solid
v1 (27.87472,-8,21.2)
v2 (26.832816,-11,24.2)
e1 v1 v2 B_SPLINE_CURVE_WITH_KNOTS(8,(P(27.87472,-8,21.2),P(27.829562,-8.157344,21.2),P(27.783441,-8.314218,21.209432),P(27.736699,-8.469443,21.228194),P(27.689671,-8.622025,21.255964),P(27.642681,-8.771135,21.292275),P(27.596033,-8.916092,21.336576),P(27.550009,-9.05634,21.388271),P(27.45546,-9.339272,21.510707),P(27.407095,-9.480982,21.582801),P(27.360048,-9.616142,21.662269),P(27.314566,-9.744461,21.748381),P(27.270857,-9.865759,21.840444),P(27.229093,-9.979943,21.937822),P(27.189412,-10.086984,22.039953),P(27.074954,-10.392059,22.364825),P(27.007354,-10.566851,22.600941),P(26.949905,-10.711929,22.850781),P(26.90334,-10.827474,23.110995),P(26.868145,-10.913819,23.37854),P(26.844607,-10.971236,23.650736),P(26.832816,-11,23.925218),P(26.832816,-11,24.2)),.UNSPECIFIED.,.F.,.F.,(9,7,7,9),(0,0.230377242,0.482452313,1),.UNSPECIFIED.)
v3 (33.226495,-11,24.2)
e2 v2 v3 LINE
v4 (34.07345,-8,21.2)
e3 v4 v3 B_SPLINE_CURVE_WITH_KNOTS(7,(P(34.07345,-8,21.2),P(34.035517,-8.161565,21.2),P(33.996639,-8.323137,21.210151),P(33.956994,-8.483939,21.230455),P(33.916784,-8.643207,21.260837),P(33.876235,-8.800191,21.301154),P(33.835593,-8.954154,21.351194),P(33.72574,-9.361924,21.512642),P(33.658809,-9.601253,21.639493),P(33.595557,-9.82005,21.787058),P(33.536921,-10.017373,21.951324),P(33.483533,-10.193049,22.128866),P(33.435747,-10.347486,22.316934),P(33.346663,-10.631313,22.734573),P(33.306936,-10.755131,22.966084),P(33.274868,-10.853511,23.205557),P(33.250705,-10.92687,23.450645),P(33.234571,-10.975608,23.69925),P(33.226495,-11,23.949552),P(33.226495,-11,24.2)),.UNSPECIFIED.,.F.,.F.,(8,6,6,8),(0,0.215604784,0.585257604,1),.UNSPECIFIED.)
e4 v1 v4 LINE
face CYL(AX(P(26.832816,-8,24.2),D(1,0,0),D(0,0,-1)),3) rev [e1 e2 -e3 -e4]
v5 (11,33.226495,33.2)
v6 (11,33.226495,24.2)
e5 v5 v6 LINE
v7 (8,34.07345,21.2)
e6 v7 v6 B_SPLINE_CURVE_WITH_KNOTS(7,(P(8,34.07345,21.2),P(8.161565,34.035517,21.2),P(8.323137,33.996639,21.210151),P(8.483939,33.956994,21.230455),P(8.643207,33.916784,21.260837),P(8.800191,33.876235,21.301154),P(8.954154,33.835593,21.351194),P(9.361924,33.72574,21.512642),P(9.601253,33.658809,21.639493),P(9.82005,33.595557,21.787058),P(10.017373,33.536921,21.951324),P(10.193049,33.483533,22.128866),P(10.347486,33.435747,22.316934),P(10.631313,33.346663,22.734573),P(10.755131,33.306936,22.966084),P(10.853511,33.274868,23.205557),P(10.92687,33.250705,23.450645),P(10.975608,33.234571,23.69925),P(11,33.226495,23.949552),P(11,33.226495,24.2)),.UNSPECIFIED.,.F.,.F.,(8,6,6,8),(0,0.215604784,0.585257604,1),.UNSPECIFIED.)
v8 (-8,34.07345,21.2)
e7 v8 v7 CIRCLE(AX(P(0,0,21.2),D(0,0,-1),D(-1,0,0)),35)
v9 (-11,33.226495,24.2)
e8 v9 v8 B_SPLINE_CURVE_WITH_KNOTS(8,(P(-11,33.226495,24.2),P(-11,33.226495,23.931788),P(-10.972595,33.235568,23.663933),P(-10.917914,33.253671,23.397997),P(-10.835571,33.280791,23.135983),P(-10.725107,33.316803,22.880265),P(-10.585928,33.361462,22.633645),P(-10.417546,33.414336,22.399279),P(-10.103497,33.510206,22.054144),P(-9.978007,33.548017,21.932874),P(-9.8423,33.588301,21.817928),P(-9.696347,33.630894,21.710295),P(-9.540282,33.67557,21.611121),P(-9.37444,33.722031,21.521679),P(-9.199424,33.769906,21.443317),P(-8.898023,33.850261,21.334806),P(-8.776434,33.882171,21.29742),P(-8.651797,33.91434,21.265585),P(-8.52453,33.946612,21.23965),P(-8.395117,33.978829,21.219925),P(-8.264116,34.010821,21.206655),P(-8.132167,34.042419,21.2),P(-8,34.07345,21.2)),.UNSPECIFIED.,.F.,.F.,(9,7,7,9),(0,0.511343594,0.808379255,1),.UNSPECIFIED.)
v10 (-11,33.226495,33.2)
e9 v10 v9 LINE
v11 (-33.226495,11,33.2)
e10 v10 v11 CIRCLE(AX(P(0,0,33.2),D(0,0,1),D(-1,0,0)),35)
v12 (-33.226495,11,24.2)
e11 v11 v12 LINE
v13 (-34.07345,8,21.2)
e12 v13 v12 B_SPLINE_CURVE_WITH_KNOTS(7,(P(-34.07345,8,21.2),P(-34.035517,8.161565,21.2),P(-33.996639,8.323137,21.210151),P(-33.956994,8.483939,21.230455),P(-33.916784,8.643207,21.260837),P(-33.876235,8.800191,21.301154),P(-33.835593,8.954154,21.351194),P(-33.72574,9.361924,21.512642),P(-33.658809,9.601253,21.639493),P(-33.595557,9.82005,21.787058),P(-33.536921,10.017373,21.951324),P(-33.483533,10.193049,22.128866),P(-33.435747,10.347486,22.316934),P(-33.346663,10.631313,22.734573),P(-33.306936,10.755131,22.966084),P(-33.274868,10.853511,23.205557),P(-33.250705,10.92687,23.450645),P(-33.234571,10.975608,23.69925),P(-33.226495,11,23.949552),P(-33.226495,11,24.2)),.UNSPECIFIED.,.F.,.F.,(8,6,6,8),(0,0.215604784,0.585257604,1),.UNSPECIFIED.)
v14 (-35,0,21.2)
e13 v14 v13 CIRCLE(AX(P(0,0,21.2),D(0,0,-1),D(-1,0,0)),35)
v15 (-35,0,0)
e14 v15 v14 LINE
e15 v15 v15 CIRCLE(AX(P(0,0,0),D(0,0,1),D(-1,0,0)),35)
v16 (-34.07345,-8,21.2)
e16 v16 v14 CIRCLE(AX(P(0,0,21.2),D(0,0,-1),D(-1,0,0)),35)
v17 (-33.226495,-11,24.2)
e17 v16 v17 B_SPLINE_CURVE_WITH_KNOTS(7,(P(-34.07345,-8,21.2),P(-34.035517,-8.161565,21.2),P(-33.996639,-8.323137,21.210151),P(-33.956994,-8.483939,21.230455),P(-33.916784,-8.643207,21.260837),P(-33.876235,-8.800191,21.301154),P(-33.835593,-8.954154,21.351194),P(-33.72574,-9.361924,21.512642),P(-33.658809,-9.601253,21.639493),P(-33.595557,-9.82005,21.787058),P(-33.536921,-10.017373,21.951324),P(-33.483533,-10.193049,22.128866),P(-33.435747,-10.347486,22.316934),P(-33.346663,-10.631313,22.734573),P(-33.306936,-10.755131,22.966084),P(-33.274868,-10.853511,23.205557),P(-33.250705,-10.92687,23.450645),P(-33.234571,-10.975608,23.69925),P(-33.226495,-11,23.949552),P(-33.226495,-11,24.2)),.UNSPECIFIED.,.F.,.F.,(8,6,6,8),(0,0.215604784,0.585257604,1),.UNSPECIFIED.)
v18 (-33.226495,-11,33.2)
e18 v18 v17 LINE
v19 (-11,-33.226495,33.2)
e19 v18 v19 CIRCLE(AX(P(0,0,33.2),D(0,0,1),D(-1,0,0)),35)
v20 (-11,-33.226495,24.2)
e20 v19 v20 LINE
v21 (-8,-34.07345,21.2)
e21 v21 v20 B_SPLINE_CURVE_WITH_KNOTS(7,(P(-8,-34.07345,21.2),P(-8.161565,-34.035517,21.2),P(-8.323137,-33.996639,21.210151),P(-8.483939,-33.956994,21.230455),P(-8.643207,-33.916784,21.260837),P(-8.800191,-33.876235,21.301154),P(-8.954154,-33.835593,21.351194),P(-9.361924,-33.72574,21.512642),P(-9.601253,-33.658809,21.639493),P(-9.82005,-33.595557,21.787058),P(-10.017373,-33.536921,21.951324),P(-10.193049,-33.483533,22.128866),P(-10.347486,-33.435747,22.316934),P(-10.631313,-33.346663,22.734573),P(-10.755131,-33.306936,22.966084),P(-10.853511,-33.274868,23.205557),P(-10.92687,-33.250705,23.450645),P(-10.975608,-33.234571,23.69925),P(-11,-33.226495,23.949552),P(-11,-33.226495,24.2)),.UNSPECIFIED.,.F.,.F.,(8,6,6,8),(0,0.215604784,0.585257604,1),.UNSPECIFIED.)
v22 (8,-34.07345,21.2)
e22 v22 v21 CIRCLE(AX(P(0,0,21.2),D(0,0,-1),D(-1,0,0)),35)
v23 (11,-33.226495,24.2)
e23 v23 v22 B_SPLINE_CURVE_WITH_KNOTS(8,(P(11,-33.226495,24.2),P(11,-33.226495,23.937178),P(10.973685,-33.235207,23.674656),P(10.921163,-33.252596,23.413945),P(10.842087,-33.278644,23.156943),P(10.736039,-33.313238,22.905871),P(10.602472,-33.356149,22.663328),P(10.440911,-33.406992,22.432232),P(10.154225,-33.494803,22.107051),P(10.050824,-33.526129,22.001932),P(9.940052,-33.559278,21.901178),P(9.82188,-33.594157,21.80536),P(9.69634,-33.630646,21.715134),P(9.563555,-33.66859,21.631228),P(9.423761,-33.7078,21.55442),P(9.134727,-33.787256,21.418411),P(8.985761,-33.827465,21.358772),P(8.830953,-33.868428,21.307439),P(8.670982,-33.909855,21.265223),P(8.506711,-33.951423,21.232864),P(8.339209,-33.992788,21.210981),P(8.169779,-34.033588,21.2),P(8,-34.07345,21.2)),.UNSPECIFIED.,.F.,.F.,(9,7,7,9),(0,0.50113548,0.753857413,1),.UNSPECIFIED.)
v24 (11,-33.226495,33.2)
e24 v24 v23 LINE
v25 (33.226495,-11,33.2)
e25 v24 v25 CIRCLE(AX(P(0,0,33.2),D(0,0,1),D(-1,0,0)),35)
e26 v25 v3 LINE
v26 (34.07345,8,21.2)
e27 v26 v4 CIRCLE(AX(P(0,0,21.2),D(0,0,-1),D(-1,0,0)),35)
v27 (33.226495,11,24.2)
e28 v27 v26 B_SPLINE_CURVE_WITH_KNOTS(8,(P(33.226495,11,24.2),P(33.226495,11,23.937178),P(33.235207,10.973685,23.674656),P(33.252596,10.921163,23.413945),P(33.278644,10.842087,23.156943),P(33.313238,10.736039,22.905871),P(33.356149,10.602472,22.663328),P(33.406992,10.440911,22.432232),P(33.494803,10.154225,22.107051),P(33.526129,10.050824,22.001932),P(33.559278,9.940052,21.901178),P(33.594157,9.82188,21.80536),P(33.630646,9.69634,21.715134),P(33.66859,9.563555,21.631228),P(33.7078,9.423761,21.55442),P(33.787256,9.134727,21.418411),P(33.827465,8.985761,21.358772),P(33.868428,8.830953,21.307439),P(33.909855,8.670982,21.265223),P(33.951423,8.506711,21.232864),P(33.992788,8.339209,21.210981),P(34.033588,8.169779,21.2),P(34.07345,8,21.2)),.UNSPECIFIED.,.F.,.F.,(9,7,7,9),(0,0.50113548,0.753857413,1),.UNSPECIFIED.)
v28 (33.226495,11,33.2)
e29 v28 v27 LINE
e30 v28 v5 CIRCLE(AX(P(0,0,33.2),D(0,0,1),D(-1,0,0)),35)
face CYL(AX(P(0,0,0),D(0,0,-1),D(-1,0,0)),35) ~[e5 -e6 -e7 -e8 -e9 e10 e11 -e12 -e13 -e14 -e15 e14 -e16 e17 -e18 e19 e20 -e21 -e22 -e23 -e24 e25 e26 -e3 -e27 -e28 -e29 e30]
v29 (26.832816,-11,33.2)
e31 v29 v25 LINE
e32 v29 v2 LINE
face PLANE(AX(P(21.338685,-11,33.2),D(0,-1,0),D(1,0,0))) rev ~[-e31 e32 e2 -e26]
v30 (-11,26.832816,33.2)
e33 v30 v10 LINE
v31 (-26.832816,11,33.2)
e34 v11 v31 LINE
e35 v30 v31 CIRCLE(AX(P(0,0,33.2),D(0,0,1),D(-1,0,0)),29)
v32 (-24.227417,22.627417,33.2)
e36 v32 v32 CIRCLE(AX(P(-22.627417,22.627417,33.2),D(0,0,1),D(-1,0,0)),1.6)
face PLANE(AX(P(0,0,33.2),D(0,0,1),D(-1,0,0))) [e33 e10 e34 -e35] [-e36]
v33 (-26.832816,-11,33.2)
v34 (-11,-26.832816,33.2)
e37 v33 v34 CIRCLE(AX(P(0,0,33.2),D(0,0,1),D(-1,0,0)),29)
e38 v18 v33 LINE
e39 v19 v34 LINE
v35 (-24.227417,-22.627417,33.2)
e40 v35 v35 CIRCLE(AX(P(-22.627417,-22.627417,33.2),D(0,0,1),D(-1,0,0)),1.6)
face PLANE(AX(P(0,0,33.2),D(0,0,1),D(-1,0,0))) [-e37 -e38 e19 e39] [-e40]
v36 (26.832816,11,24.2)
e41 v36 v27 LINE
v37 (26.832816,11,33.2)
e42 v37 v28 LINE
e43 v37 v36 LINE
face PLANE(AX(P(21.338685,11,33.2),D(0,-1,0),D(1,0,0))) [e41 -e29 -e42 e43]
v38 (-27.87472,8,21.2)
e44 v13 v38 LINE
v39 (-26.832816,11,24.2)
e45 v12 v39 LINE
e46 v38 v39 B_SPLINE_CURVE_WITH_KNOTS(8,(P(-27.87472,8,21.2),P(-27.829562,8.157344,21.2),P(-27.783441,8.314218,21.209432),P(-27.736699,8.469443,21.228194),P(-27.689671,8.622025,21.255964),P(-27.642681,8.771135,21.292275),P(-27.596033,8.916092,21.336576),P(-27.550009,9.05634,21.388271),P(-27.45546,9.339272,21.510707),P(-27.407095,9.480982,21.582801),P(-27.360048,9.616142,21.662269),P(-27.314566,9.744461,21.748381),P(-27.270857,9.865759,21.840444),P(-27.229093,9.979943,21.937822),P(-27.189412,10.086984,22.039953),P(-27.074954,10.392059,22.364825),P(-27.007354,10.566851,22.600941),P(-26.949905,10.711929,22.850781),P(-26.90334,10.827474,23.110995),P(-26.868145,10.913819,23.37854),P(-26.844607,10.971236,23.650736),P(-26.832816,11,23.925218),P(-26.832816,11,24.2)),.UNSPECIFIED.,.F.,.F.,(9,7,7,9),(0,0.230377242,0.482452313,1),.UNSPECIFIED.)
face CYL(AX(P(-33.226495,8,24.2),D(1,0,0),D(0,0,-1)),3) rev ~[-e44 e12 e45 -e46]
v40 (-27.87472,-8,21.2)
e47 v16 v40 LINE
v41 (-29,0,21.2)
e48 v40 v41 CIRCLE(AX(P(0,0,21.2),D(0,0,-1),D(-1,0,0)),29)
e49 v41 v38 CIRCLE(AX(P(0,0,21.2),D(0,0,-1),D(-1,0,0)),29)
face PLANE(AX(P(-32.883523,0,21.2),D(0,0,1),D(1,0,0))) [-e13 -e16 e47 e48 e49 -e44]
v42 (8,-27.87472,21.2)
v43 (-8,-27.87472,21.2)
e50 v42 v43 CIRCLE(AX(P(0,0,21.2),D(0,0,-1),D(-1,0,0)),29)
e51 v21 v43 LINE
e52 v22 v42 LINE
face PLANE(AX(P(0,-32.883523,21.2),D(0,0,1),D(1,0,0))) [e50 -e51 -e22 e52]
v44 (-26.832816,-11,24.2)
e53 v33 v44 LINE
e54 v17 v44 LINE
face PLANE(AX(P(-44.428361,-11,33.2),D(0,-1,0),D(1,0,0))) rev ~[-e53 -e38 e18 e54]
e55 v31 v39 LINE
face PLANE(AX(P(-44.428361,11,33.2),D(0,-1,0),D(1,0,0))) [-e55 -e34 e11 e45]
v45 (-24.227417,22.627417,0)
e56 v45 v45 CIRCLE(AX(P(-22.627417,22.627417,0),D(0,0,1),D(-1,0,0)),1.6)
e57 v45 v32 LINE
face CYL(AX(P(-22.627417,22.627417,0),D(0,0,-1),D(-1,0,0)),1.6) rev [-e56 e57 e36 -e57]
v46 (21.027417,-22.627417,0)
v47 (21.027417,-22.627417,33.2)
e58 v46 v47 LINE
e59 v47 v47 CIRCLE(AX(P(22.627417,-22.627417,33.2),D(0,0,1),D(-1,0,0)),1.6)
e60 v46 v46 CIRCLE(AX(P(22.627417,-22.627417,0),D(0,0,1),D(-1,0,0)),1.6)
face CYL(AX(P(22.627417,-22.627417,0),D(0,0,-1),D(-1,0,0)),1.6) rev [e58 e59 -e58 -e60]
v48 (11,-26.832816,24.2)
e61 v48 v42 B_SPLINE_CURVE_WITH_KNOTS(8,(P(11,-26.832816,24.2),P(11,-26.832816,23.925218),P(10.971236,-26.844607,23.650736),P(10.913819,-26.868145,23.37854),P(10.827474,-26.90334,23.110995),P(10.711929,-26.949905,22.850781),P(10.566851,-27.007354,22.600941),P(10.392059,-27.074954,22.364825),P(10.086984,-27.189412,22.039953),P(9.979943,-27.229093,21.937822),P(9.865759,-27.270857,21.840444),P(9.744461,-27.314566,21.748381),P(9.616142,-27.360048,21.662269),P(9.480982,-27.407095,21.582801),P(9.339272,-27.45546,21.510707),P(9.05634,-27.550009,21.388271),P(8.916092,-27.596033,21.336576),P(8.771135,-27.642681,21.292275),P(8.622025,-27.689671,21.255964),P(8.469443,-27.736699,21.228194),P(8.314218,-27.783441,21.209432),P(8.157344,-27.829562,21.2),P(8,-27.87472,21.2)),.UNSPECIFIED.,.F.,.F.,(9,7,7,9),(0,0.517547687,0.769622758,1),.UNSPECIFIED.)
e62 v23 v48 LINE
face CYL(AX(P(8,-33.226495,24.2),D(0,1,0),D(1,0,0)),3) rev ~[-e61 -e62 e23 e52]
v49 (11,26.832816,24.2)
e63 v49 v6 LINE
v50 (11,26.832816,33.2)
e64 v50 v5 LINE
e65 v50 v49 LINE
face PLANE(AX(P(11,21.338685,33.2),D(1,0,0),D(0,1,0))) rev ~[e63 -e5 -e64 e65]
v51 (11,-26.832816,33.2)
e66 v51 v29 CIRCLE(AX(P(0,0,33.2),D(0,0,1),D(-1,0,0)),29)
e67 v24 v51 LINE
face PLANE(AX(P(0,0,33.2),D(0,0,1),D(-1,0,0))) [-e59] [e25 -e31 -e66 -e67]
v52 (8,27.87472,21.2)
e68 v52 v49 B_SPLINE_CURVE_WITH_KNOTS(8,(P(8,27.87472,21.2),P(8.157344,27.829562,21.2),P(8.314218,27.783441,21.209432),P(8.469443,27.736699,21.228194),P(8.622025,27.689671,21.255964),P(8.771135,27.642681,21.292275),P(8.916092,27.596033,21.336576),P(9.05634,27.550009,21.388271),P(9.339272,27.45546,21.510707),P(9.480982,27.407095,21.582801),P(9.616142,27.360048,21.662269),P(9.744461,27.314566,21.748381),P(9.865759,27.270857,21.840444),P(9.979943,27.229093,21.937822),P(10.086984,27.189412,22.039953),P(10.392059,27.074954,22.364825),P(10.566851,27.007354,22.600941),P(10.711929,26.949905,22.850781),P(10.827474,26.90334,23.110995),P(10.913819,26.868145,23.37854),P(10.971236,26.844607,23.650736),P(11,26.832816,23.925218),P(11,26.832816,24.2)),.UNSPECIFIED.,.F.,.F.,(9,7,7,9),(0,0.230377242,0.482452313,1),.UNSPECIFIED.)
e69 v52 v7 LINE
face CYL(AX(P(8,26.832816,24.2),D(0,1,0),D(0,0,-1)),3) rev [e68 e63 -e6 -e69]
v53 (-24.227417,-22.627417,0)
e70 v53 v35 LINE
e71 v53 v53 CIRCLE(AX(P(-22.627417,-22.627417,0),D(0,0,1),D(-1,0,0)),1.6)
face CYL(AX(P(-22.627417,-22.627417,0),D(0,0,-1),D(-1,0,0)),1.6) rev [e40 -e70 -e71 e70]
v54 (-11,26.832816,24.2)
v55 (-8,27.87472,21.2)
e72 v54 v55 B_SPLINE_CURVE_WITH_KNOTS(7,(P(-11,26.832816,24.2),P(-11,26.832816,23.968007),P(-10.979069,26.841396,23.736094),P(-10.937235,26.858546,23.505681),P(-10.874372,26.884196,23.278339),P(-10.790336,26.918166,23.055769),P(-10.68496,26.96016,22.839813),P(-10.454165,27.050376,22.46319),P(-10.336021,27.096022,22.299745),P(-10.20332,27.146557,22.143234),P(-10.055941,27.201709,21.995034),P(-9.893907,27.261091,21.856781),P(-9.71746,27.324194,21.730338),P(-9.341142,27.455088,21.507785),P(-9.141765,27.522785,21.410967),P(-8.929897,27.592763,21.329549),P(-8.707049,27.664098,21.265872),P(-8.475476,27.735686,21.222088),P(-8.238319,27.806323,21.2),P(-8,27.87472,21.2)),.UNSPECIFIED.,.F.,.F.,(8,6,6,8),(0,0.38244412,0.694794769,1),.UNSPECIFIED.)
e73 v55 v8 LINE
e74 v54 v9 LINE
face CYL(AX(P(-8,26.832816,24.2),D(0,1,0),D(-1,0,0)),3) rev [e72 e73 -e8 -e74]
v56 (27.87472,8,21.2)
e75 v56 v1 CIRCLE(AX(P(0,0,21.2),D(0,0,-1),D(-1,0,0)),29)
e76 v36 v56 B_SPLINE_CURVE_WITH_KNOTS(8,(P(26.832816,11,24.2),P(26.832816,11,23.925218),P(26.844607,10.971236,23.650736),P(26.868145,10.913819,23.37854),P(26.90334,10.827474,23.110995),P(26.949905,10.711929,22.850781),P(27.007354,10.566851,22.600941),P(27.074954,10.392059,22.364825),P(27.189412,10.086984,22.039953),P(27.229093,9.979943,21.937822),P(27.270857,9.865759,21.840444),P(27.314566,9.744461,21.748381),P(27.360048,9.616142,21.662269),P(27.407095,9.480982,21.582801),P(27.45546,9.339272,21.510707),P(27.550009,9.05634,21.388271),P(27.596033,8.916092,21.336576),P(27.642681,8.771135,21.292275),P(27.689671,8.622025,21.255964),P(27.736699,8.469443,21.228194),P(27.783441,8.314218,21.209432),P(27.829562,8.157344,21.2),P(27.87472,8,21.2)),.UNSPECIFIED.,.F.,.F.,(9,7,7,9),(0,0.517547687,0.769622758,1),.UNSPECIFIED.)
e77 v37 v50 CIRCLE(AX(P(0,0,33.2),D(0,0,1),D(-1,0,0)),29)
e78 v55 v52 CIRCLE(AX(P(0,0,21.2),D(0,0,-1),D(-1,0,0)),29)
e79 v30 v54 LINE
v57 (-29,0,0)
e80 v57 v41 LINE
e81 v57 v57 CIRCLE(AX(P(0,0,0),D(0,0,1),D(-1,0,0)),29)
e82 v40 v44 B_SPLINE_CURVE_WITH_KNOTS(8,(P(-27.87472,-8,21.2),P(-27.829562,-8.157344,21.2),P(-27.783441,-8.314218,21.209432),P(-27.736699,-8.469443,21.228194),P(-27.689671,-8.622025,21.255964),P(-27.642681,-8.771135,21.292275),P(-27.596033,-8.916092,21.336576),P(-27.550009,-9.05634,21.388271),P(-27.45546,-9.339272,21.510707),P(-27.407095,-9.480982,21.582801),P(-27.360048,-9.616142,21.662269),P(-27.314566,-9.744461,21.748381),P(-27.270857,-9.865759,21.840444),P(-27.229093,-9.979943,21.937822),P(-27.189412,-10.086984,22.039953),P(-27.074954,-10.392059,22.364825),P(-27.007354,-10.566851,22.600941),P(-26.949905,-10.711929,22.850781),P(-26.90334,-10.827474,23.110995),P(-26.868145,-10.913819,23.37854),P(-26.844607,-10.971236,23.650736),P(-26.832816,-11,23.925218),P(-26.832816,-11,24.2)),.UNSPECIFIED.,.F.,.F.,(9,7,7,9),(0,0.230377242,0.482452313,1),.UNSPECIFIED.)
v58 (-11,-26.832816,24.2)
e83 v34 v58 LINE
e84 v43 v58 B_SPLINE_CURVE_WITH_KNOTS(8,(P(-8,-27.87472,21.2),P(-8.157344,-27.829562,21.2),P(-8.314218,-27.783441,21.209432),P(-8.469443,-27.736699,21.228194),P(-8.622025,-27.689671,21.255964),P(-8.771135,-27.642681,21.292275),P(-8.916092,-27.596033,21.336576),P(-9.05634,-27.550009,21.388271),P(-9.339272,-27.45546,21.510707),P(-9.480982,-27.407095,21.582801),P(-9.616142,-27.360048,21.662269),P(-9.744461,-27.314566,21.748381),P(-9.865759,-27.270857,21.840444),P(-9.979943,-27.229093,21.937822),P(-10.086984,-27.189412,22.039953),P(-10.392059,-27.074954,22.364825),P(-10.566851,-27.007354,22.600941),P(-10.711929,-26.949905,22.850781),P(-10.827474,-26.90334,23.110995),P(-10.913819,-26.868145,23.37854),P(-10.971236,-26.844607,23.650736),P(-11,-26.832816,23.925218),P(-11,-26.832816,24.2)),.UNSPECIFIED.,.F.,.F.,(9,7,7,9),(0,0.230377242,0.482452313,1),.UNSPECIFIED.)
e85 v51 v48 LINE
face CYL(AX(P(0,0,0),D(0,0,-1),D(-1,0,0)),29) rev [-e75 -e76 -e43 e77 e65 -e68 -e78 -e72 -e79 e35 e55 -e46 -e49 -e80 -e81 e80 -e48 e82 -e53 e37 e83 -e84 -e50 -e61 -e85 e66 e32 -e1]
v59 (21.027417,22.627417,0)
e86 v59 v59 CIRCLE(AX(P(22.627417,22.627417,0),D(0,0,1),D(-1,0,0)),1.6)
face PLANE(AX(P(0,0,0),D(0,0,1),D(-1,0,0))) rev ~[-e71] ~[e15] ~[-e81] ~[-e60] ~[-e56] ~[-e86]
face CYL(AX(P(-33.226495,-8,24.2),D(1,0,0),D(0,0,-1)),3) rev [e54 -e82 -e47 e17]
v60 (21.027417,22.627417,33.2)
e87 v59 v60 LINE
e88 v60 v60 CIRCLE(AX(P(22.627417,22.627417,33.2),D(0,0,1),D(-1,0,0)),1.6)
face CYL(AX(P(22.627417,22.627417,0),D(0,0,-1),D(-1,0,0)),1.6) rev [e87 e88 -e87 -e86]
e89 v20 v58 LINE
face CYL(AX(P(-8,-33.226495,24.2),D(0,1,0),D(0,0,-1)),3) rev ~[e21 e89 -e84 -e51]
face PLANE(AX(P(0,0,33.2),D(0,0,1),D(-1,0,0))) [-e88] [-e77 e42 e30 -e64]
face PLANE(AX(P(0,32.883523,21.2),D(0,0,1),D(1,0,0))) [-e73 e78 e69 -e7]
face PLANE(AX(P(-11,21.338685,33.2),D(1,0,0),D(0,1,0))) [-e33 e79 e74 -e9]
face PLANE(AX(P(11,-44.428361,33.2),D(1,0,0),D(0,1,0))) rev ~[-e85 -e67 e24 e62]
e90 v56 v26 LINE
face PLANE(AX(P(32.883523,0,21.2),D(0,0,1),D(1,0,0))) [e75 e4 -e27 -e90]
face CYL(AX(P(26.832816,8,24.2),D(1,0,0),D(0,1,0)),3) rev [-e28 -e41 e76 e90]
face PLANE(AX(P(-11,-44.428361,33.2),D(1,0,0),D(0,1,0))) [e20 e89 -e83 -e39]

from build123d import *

# Parameters (mm, degrees)
SKETCH_1_R          = 35
SKETCH_1_R_2        = 29
SKETCH_1_R_3        = 1.6
EXTRUDE_1_DEPTH     = 33.2
SKETCH_3_W          = 22
SKETCH_3_H          = 23.089675748
SKETCH_3_W_2        = 23.089675748
SKETCH_3_H_2        = 22
CUT_EXTRUDE_1_DEPTH = 12
FILLET_1_R          = 3


with BuildPart() as part:
    # 草图1 → 凸台-拉伸1 (new body)
    with BuildSketch(Plane.XY):
        with Locations(Location((0, 0, 0), (0, 0, 180))):
            Circle(SKETCH_1_R)
        with Locations(Location((0, 0, 0), (0, 0, 180))):
            Circle(SKETCH_1_R_2, mode=Mode.SUBTRACT)
        with Locations(Location((-22.627416998, 22.627416998, 0), (0, 0, 180))):
            Circle(SKETCH_1_R_3, mode=Mode.SUBTRACT)
        with Locations(Location((22.627416998, 22.627416998, 0), (0, 0, 180))):
            Circle(SKETCH_1_R_3, mode=Mode.SUBTRACT)
        with Locations(Location((22.627416998, -22.627416998, 0), (0, 0, 180))):
            Circle(SKETCH_1_R_3, mode=Mode.SUBTRACT)
        with Locations(Location((-22.627416998, -22.627416998, 0), (0, 0, 180))):
            Circle(SKETCH_1_R_3, mode=Mode.SUBTRACT)
    extrude(amount=EXTRUDE_1_DEPTH)

    # 草图3 → 切除-拉伸1 (cut)
    with BuildSketch(Plane.XY.offset(33.2)):
        with Locations((0, 32.883523325)):
            Rectangle(SKETCH_3_W, SKETCH_3_H)
        with Locations((32.883523325, 0)):
            Rectangle(SKETCH_3_W_2, SKETCH_3_H_2)
        with Locations((0, -32.883523325)):
            Rectangle(SKETCH_3_W, SKETCH_3_H)
        with Locations((-32.883523325, 0)):
            Rectangle(SKETCH_3_W_2, SKETCH_3_H_2)
    extrude(amount=-CUT_EXTRUDE_1_DEPTH, mode=Mode.SUBTRACT)

    # 圆角1
    fillet_1_edges = [part.edges().sort_by_distance(p)[0] for p in [
        (-11, 30.029655591, 21.2),
        (11, 30.029655591, 21.2),
        (30.029655591, 11, 21.2),
        (30.029655591, -11, 21.2),
        (11, -30.029655591, 21.2),
        (-11, -30.029655591, 21.2),
        (-30.029655591, -11, 21.2),
        (-30.029655591, 11, 21.2),
    ]]
    fillet(fillet_1_edges, radius=FILLET_1_R)


solid = part.part
